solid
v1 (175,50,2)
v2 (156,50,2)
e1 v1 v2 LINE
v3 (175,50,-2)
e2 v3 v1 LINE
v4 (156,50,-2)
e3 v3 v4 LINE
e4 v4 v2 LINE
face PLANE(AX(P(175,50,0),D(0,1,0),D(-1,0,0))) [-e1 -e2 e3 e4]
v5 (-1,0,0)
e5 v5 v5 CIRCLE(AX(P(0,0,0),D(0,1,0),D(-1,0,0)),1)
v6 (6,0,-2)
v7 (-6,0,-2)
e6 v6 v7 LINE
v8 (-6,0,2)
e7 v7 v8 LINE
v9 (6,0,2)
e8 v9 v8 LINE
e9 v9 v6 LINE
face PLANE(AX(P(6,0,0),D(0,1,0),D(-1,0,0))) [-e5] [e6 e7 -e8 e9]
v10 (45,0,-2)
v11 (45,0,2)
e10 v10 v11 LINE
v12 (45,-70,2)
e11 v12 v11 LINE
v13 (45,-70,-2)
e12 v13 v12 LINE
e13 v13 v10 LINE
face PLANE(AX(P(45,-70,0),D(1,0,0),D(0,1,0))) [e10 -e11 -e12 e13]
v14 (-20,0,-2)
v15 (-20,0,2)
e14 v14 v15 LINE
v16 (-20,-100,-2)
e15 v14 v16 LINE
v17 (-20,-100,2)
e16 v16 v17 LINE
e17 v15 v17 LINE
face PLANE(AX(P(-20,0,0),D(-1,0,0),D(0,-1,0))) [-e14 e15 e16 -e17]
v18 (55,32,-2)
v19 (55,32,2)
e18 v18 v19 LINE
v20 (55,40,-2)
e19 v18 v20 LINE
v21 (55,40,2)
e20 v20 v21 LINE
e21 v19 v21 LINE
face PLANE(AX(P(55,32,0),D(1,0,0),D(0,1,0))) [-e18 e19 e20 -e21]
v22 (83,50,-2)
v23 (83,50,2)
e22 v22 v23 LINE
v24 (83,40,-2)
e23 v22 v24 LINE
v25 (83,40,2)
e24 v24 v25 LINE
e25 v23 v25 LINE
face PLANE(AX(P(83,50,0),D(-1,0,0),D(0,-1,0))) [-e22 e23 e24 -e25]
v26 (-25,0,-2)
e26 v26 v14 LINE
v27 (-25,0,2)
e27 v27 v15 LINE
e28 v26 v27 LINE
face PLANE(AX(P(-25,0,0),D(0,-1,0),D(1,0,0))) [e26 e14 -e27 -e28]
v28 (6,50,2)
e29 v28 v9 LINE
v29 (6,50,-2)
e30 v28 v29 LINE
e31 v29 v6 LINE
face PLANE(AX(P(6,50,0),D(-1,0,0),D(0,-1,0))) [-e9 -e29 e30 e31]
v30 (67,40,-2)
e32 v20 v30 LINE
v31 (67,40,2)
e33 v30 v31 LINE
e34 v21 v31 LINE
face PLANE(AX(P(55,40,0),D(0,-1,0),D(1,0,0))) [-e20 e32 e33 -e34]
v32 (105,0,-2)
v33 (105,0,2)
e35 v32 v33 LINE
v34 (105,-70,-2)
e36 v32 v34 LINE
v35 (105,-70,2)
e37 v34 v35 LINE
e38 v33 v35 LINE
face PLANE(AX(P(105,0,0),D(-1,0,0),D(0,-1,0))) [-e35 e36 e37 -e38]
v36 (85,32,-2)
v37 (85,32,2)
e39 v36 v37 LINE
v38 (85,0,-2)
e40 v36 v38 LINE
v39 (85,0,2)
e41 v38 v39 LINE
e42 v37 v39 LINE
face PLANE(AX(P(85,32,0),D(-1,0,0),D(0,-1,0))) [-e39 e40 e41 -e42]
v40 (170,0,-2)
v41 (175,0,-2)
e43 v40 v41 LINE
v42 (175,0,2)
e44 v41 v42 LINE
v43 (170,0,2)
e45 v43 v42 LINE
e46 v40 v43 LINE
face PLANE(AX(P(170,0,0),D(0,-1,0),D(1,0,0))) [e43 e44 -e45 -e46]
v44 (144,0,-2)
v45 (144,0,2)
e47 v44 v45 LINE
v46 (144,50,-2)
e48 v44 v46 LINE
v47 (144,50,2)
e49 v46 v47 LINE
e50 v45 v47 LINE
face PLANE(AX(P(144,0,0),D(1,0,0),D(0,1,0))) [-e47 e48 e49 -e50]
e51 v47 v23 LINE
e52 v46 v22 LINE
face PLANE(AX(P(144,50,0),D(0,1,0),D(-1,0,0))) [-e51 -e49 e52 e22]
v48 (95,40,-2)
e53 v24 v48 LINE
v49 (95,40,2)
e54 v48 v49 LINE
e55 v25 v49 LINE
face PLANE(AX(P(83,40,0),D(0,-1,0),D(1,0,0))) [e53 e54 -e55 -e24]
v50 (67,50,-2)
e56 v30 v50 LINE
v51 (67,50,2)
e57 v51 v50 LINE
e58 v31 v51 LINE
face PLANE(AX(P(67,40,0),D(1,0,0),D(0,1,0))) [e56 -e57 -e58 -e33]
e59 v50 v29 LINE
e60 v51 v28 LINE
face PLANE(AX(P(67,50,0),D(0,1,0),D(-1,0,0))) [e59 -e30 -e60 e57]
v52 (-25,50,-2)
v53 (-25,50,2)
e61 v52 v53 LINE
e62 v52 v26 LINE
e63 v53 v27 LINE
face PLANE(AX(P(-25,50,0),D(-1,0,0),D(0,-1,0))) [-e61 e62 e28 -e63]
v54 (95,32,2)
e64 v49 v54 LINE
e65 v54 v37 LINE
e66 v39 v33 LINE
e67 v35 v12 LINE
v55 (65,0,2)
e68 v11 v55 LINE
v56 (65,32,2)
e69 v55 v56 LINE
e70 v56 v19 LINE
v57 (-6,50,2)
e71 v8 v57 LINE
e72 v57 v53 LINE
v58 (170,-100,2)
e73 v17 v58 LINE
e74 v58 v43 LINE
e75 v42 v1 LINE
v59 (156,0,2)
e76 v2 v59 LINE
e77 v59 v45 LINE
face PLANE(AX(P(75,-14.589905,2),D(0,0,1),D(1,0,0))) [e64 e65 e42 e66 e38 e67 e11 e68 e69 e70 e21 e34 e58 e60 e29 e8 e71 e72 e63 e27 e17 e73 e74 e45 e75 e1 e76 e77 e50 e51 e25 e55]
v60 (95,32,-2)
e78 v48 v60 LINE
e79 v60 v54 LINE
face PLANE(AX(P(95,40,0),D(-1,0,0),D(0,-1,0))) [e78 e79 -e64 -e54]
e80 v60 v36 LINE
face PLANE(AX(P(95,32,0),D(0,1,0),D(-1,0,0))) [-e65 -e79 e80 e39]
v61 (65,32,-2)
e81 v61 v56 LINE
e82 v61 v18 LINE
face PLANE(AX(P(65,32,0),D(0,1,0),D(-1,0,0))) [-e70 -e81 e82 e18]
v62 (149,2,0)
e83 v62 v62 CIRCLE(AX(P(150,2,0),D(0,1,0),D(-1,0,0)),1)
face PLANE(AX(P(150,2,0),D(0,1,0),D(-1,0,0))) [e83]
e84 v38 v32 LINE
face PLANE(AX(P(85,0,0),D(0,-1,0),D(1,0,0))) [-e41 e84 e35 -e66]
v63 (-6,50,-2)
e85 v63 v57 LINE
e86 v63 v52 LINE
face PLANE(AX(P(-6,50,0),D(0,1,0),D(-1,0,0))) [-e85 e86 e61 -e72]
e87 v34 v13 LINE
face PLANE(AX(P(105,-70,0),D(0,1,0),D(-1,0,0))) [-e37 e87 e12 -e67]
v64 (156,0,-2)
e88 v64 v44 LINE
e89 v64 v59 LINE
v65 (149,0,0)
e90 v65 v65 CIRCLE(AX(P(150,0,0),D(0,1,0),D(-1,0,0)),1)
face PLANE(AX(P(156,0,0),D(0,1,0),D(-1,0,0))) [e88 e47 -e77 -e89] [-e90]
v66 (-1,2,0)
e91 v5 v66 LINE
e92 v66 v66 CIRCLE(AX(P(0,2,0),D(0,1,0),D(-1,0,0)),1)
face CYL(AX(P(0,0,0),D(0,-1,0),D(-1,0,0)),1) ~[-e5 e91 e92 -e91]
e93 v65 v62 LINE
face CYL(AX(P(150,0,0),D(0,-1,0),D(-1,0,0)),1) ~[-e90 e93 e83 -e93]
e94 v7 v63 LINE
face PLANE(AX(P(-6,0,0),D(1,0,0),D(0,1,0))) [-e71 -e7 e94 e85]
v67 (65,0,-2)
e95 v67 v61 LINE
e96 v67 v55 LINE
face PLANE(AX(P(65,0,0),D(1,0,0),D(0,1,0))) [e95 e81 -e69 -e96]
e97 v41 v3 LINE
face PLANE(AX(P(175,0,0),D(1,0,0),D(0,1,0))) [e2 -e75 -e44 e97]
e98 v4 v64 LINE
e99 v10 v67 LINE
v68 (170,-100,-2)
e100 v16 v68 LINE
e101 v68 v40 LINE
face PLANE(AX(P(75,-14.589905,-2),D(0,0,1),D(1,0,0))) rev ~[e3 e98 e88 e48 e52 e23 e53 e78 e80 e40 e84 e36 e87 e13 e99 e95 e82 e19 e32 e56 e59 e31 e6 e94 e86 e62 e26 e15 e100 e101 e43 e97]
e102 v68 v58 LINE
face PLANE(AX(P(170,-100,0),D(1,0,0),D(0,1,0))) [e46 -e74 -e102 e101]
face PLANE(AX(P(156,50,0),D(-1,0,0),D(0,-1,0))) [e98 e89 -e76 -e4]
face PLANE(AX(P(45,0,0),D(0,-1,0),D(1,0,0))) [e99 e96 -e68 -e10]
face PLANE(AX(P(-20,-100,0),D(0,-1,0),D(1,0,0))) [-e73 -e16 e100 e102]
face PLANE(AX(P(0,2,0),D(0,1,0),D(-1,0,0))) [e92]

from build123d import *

# Parameters (mm, degrees)
F1_DEPTH      = 2
F1_DEPTH_BACK = 2
F2_R          = 1
F3_DEPTH      = 2


with BuildPart() as f1:
    # F0 (on Top) → F1 (new body, two sides)
    with BuildSketch(Plane.XY) as f1_sk:
        Polygon((6, 0), (-6, 0), (-6, 50), (-25, 50), (-25, 0), (-20, 0), (-20, -100), (170, -100), (170, 0), (175, 0), (175, 50), (156, 50), (156, 0), (144, 0), (144, 50), (83, 50), (83, 40), (95, 40), (95, 32), (85, 32), (85, 0), (105, 0), (105, -70), (45, -70), (45, 0), (65, 0), (65, 32), (55, 32), (55, 40), (67, 40), (67, 50), (6, 50), align=None)
    extrude(amount=F1_DEPTH)
    extrude(f1_sk.sketch, amount=-F1_DEPTH_BACK)

    # F2 (on face) → F3 (join)
    with BuildSketch(Plane(origin=(0, 0, 0), x_dir=(-1, 0, 0), z_dir=(0, 1, 0))):
        with Locations((-150, 0)):
            Circle(F2_R)
        Circle(F2_R)
    extrude(amount=F3_DEPTH)


solid = f1.part
